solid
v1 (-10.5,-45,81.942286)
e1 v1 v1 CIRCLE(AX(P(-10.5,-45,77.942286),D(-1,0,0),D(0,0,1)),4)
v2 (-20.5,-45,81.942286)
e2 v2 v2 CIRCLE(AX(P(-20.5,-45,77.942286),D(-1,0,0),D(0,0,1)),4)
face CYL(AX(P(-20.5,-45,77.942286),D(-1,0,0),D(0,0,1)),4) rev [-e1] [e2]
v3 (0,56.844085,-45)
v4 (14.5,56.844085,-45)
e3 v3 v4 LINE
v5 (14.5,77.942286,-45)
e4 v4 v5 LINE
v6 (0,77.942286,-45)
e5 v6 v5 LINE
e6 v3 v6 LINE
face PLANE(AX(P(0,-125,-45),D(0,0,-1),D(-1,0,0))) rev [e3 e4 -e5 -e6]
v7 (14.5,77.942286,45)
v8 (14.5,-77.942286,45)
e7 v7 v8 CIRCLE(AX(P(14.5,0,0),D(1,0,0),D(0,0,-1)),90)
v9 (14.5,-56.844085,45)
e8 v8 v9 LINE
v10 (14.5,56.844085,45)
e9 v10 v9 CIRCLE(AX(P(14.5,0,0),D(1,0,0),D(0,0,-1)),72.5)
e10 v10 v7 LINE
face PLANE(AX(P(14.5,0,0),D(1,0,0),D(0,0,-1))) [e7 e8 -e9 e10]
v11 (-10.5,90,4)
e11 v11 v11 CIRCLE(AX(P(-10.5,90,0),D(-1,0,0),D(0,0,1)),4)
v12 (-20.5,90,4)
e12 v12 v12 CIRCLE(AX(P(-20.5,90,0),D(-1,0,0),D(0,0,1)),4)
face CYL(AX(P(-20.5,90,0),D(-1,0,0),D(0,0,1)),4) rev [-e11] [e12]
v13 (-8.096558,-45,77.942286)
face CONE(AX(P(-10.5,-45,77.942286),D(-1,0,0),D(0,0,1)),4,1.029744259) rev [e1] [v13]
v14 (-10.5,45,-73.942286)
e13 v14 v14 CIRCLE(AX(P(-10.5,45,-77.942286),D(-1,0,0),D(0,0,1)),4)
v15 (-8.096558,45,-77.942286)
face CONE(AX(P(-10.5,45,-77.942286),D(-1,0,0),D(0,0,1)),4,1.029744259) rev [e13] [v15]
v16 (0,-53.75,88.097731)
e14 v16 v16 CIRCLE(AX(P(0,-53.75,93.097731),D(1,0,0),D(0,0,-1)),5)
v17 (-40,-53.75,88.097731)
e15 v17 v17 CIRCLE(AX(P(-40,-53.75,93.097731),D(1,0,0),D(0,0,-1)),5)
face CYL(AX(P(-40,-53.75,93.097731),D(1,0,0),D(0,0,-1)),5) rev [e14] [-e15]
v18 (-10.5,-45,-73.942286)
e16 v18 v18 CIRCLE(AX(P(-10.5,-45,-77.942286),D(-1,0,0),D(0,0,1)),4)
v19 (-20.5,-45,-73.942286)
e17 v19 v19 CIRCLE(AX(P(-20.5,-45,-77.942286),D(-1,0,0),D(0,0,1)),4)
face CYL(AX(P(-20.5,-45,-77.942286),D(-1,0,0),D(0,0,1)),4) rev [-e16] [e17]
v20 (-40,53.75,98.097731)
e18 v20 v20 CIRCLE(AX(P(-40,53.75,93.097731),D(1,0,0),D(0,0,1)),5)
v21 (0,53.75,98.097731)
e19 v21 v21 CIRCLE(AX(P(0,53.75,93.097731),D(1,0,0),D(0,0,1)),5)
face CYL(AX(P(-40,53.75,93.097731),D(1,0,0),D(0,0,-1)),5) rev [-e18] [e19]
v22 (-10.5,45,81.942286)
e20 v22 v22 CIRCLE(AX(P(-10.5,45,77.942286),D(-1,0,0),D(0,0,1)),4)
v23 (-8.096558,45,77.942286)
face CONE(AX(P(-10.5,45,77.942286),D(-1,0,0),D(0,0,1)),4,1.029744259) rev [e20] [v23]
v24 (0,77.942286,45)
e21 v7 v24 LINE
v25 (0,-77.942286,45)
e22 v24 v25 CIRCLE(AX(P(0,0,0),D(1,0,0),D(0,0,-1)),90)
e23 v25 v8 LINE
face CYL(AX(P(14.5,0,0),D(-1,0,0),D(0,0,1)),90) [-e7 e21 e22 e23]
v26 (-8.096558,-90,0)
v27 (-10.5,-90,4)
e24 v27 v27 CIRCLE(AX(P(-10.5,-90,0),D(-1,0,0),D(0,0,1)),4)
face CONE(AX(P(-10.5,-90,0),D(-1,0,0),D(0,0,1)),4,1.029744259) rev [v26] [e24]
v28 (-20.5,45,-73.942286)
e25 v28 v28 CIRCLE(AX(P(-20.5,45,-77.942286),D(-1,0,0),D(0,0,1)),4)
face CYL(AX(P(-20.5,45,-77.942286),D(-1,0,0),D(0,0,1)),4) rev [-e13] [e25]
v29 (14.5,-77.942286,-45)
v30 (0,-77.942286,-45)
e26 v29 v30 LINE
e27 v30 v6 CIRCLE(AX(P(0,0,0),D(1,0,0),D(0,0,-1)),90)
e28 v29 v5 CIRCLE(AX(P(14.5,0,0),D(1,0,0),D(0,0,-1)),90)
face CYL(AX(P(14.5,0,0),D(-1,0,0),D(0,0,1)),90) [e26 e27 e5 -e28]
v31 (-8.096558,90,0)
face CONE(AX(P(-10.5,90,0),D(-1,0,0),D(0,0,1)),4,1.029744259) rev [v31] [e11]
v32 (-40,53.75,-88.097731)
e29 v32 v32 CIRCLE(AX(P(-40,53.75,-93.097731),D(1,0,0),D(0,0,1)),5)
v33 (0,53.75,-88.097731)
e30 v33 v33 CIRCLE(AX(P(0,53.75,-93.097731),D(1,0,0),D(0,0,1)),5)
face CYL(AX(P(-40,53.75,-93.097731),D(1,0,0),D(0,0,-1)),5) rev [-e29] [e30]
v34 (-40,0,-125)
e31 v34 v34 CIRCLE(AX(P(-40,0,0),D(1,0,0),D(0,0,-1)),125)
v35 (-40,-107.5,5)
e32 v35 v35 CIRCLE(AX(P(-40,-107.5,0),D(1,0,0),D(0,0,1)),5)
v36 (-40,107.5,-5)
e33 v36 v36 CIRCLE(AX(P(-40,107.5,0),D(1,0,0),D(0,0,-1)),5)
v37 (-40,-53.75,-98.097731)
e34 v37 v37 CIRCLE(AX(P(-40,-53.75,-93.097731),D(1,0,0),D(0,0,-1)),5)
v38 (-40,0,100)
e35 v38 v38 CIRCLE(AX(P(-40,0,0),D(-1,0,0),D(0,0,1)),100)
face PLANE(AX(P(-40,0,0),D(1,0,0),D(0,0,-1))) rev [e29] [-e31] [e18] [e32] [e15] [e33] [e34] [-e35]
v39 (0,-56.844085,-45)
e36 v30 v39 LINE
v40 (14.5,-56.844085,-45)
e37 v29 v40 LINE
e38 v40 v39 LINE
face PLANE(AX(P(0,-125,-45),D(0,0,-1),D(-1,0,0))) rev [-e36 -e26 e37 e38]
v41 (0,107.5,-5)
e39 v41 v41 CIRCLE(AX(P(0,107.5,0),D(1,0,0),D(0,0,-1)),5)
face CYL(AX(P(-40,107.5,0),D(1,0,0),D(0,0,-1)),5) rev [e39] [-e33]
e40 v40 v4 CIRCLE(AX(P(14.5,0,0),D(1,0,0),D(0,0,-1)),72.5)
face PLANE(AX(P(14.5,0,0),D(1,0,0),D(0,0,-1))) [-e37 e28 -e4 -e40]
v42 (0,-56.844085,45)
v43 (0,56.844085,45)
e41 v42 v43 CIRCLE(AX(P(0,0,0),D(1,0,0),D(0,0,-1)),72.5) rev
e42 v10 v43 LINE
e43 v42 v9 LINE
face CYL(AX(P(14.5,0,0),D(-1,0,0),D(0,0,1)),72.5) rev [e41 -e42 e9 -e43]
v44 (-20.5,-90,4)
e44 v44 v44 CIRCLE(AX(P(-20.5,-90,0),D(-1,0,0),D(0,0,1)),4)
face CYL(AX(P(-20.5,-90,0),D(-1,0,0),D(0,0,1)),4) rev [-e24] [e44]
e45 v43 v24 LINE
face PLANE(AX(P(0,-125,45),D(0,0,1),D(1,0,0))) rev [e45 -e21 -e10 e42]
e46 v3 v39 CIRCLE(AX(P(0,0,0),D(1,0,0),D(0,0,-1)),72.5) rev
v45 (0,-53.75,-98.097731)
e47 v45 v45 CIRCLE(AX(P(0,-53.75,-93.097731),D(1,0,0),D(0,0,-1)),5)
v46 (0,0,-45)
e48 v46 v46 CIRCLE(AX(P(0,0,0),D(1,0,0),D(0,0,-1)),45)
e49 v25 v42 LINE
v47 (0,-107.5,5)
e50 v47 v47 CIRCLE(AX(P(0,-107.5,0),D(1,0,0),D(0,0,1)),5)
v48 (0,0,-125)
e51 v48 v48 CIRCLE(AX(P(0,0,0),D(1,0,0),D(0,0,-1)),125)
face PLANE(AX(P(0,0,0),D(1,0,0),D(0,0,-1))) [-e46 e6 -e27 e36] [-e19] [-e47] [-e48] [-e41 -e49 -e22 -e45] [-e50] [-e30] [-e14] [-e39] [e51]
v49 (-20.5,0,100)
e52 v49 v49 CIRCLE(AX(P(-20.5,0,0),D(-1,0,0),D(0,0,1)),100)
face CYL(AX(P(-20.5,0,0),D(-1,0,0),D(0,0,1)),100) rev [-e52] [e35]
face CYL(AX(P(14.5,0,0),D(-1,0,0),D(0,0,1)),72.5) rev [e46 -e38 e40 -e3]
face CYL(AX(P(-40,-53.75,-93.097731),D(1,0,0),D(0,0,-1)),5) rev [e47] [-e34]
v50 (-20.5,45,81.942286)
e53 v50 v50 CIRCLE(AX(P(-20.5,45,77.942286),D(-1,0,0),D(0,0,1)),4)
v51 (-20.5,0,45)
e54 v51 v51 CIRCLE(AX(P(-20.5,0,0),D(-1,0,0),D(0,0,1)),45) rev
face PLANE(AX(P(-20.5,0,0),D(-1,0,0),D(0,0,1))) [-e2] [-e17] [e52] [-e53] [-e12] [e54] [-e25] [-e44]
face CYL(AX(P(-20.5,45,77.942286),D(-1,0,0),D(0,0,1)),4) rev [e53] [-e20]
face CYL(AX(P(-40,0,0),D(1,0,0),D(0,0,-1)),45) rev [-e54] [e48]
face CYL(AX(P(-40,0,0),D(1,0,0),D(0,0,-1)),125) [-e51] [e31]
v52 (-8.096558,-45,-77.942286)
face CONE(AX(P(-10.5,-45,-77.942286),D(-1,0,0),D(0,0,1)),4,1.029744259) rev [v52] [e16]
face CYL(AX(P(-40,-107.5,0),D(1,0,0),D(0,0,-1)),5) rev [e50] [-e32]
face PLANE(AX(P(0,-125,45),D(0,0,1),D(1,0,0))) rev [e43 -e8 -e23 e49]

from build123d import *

# Parameters (mm, degrees)
SKETCH1_R                 = 125
SKETCH1_R_2               = 45
SKETCH1_R_3               = 5
BOSS_EXTRUDE1_DEPTH       = 40
SKETCH3_R                 = 90
SKETCH3_R_2               = 72.5
BOSS_EXTRUDE2_DEPTH       = 14.5
CUT_EXTRUDE1_DEPTH        = 182.245689604
CUT_EXTRUDE1_DEPTH_BACK   = 182.245689604
SKETCH4_W                 = 14.5
SKETCH4_H                 = 90
SKETCH5_R                 = 100
CUT_EXTRUDE3_DEPTH        = 19.5
F_8_0MM_DOWEL_HOLE1_D     = 8
F_8_0MM_DOWEL_HOLE1_DEPTH = 10
F_8_0MM_DOWEL_HOLE1_TIP   = 2.403442476


with BuildPart() as part:
    # Sketch1 → Boss-Extrude1 (new body)
    with BuildSketch(Plane(origin=(0, 0, 0), x_dir=(0, 0, -1), z_dir=(1, 0, 0))):
        Circle(SKETCH1_R)
        Circle(SKETCH1_R_2, mode=Mode.SUBTRACT)
        with Locations((0, 107.5)):
            Circle(SKETCH1_R_3, mode=Mode.SUBTRACT)
        with Locations(Location((93.097730907, 53.75, 0), (0, 0, 180))):
            Circle(SKETCH1_R_3, mode=Mode.SUBTRACT)
        with Locations(Location((-93.097730907, 53.75, 0), (0, 0, 180))):
            Circle(SKETCH1_R_3, mode=Mode.SUBTRACT)
        with Locations((-93.097730907, -53.75)):
            Circle(SKETCH1_R_3, mode=Mode.SUBTRACT)
        with Locations(Location((0, -107.5, 0), (0, 0, 180))):
            Circle(SKETCH1_R_3, mode=Mode.SUBTRACT)
        with Locations((93.097730907, -53.75)):
            Circle(SKETCH1_R_3, mode=Mode.SUBTRACT)
    extrude(amount=-BOSS_EXTRUDE1_DEPTH)

    # Sketch3 → Boss-Extrude2 (add)
    with BuildSketch(Plane(origin=(0, 0, 0), x_dir=(0, 0, -1), z_dir=(1, 0, 0))):
        with Locations(Location((0, 0, 0), (0, 0, 180))):
            Circle(SKETCH3_R)
        with Locations(Location((0, 0, 0), (0, 0, 180))):
            Circle(SKETCH3_R_2, mode=Mode.SUBTRACT)
    extrude(amount=BOSS_EXTRUDE2_DEPTH)

    # Sketch4 → Cut-Extrude1 (cut, two sides: drawn at the far end of the back side and taken through both)
    with BuildSketch(Plane(origin=(0, 0, 0), x_dir=(1, 0, 0), z_dir=(0, 1, 0)).offset(-CUT_EXTRUDE1_DEPTH_BACK)):
        with Locations((7.25, 0)):
            Rectangle(SKETCH4_W, SKETCH4_H)
    extrude(amount=CUT_EXTRUDE1_DEPTH + CUT_EXTRUDE1_DEPTH_BACK, mode=Mode.SUBTRACT)

    # Sketch5 → Cut-Extrude3 (cut)
    with BuildSketch(Plane.ZY.offset(40)):
        Circle(SKETCH5_R)
    extrude(amount=-CUT_EXTRUDE3_DEPTH, mode=Mode.SUBTRACT)

    # Ø8.0mm Dowel Hole1
    with Locations(Plane.ZY.offset(20.5)):
        with Locations((0, 90), (77.942286341, 45), (77.942286341, -45), (0, -90), (-77.942286341, -45), (-77.942286341, 45)):
            Hole(F_8_0MM_DOWEL_HOLE1_D / 2, depth=F_8_0MM_DOWEL_HOLE1_DEPTH)
            with Locations((0, 0, -(F_8_0MM_DOWEL_HOLE1_DEPTH + F_8_0MM_DOWEL_HOLE1_TIP / 2))):  # 118° drill point
                Cone(0, F_8_0MM_DOWEL_HOLE1_D / 2, F_8_0MM_DOWEL_HOLE1_TIP, mode=Mode.SUBTRACT)


solid = part.part
